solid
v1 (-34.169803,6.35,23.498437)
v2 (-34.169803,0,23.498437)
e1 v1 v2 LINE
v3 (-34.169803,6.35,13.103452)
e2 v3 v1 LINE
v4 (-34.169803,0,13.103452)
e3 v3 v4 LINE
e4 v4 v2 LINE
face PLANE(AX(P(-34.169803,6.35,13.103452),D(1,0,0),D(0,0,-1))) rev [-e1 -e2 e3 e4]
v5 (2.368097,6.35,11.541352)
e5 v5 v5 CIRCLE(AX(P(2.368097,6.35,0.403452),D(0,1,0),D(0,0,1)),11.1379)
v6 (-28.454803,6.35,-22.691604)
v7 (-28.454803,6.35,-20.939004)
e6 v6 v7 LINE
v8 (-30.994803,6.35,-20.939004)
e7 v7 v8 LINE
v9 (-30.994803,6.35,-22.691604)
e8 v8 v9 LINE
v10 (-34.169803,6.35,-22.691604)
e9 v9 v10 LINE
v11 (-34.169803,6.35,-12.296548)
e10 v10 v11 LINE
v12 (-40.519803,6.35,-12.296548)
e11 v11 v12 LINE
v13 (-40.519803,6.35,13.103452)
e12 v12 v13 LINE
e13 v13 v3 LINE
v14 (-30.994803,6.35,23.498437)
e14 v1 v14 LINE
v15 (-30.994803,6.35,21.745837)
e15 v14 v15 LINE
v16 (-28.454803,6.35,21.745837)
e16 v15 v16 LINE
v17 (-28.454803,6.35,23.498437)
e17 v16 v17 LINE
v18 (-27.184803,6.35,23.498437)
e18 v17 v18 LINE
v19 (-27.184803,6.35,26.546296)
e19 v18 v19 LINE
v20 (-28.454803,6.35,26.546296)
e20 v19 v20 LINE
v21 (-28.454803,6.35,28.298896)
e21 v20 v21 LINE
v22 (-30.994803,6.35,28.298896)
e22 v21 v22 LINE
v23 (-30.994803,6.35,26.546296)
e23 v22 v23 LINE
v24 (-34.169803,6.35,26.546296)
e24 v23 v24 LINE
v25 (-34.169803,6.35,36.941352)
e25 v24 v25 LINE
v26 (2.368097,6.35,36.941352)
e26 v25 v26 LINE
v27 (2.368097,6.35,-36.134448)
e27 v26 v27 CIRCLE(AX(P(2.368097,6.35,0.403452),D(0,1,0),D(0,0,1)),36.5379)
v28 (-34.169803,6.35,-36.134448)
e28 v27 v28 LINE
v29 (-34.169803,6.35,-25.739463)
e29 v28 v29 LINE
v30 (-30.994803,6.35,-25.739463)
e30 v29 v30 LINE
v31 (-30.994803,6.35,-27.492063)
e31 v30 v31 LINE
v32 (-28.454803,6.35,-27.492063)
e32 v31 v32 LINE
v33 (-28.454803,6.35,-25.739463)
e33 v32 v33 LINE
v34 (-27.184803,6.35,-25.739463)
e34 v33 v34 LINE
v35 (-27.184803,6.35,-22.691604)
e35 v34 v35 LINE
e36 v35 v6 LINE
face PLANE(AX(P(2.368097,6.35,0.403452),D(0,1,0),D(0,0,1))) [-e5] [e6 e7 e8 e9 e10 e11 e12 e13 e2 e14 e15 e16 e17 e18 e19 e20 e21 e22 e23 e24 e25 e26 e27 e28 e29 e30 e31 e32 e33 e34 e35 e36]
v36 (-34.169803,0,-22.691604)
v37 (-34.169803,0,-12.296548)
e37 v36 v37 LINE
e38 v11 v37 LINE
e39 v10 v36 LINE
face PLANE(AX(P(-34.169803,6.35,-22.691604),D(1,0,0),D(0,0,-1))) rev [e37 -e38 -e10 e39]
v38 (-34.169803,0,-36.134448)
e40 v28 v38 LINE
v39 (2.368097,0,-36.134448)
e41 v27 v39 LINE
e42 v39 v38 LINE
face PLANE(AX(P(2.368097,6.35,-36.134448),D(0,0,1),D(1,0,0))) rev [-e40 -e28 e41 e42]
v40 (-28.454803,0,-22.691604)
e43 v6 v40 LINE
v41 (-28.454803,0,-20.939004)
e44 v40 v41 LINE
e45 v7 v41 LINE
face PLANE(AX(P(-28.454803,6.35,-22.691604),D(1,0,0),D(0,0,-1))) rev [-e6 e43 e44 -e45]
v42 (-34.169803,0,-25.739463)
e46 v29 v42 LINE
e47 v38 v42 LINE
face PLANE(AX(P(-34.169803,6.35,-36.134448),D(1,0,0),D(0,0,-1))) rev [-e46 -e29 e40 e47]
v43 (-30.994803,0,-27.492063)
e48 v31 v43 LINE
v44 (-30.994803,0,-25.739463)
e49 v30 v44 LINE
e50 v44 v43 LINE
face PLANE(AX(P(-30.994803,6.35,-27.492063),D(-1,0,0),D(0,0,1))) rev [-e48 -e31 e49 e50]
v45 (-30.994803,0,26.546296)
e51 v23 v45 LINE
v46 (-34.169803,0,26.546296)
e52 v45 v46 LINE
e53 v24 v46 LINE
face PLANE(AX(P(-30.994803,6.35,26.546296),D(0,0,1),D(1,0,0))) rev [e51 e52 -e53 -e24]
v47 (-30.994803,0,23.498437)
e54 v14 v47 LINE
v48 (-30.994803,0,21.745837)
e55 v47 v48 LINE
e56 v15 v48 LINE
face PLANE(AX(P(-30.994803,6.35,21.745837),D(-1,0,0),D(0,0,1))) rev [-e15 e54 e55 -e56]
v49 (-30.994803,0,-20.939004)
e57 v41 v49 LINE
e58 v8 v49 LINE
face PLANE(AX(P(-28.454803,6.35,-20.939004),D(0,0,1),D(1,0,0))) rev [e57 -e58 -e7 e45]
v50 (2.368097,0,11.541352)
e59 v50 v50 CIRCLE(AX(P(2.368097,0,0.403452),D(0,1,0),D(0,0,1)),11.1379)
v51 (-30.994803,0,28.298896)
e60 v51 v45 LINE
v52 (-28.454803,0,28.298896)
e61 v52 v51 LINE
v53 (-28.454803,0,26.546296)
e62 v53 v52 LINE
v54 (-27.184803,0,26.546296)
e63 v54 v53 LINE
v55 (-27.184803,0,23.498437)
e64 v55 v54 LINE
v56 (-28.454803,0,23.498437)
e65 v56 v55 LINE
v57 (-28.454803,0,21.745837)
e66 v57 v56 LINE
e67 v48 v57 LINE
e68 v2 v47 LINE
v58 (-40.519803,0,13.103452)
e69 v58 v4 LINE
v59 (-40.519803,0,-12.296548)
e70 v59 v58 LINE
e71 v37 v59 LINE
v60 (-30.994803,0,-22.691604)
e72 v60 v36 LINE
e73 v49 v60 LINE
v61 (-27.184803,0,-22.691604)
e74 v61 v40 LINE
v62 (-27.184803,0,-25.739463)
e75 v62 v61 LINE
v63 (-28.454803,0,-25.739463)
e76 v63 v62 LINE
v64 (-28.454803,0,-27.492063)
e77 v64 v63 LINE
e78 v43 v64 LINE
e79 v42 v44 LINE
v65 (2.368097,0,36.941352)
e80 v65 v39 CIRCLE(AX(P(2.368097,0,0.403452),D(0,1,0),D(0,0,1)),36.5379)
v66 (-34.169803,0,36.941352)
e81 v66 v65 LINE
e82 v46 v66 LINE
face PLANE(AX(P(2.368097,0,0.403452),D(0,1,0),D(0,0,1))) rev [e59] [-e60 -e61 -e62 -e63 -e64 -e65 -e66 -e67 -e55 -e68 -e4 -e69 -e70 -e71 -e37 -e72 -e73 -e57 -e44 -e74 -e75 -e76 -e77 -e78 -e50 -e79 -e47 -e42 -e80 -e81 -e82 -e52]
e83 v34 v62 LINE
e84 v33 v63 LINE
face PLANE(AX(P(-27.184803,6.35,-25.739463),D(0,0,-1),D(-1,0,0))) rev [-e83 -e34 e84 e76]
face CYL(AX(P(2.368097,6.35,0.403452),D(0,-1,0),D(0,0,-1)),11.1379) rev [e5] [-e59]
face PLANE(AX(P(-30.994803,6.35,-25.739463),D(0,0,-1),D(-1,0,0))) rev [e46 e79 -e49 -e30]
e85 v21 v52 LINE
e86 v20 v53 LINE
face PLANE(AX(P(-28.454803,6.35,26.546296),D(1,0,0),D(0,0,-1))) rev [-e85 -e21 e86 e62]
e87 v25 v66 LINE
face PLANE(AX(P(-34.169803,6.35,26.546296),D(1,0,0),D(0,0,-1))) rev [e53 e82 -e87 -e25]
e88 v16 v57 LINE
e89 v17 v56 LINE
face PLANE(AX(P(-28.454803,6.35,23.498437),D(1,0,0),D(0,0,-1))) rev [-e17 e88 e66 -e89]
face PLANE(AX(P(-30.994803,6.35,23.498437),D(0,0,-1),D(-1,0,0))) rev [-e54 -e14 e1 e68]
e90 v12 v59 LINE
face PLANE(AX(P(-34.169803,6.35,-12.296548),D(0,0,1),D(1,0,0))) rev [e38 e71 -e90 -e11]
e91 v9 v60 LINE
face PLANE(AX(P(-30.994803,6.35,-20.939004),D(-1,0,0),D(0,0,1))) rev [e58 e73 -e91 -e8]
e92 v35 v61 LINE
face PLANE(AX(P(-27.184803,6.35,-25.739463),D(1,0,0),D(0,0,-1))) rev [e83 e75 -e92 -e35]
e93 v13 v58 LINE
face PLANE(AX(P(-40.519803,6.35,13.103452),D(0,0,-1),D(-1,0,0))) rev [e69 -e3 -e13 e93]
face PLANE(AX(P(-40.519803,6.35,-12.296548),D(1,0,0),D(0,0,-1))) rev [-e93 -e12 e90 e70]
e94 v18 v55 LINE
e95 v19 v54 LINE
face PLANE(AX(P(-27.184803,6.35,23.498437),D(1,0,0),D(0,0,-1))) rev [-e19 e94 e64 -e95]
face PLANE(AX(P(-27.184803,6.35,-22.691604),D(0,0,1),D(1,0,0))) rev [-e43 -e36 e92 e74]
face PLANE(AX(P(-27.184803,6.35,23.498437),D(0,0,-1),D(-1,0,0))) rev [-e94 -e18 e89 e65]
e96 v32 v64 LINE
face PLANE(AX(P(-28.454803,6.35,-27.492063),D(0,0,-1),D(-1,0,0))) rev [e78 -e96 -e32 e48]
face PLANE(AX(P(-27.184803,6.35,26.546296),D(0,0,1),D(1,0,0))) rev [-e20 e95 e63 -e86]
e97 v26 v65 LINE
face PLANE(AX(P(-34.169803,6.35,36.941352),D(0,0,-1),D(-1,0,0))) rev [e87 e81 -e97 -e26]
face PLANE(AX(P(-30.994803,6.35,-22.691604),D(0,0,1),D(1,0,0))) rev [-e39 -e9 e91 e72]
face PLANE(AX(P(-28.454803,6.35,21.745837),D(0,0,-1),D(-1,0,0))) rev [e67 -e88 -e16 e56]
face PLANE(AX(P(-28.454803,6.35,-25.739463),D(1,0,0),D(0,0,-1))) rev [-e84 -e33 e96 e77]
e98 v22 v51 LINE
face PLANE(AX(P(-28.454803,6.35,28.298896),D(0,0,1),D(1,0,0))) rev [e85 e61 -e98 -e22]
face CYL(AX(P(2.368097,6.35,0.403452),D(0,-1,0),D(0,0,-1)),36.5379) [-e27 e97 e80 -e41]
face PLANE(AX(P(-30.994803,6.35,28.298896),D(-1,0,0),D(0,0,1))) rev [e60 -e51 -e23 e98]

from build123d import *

# Parameters (mm, degrees)
SKETCH1_R           = 11.1379
BOSS_EXTRUDE1_DEPTH = 6.35


with BuildPart() as part:
    # Sketch1 → Boss-Extrude1 (new body)
    with BuildSketch(Plane(origin=(0, 0, 0), x_dir=(1, 0, 0), z_dir=(0, 1, 0))):
        with BuildLine():
            Line((-34.169803213, 12.296548394), (-40.519803213, 12.296548394))
            Line((-40.519803213, 12.296548394), (-40.519803213, -13.103451606))
            Line((-40.519803213, -13.103451606), (-34.169803213, -13.103451606))
            Line((-34.169803213, -13.103451606), (-34.169803213, -23.498436767))
            Line((-34.169803213, -23.498436767), (-30.994803213, -23.498436767))
            Line((-30.994803213, -23.498436767), (-30.994803213, -21.745836767))
            Line((-30.994803213, -21.745836767), (-28.454803213, -21.745836767))
            Line((-28.454803213, -21.745836767), (-28.454803213, -23.498436767))
            Line((-28.454803213, -23.498436767), (-27.184803213, -23.498436767))
            Line((-27.184803213, -23.498436767), (-27.184803213, -26.546296123))
            Line((-27.184803213, -26.546296123), (-28.454803213, -26.546296123))
            Line((-28.454803213, -26.546296123), (-28.454803213, -28.298896123))
            Line((-28.454803213, -28.298896123), (-30.994803213, -28.298896123))
            Line((-30.994803213, -28.298896123), (-30.994803213, -26.546296123))
            Line((-30.994803213, -26.546296123), (-34.169803213, -26.546296123))
            Line((-34.169803213, -26.546296123), (-34.169803213, -36.941351606))
            Line((-34.169803213, -36.941351606), (2.368096787, -36.941351606))
            ThreePointArc((2.368096787, -36.941351606), (38.905996787, -0.403451606), (2.368096787, 36.134448394))
            Line((2.368096787, 36.134448394), (-34.169803213, 36.134448394))
            Line((-34.169803213, 36.134448394), (-34.169803213, 25.739463233))
            Line((-34.169803213, 25.739463233), (-30.994803213, 25.739463233))
            Line((-30.994803213, 25.739463233), (-30.994803213, 27.492063233))
            Line((-30.994803213, 27.492063233), (-28.454803213, 27.492063233))
            Line((-28.454803213, 27.492063233), (-28.454803213, 25.739463233))
            Line((-28.454803213, 25.739463233), (-27.184803213, 25.739463233))
            Line((-27.184803213, 25.739463233), (-27.184803213, 22.691603877))
            Line((-27.184803213, 22.691603877), (-28.454803213, 22.691603877))
            Line((-28.454803213, 22.691603877), (-28.454803213, 20.939003877))
            Line((-28.454803213, 20.939003877), (-30.994803213, 20.939003877))
            Line((-30.994803213, 20.939003877), (-30.994803213, 22.691603877))
            Line((-30.994803213, 22.691603877), (-34.169803213, 22.691603877))
            Line((-34.169803213, 22.691603877), (-34.169803213, 12.296548394))
        make_face()
        with Locations(Location((2.368096787, -0.403451606, 0), (0, 0, 270))):
            Circle(SKETCH1_R, mode=Mode.SUBTRACT)
    extrude(amount=BOSS_EXTRUDE1_DEPTH)


solid = part.part
